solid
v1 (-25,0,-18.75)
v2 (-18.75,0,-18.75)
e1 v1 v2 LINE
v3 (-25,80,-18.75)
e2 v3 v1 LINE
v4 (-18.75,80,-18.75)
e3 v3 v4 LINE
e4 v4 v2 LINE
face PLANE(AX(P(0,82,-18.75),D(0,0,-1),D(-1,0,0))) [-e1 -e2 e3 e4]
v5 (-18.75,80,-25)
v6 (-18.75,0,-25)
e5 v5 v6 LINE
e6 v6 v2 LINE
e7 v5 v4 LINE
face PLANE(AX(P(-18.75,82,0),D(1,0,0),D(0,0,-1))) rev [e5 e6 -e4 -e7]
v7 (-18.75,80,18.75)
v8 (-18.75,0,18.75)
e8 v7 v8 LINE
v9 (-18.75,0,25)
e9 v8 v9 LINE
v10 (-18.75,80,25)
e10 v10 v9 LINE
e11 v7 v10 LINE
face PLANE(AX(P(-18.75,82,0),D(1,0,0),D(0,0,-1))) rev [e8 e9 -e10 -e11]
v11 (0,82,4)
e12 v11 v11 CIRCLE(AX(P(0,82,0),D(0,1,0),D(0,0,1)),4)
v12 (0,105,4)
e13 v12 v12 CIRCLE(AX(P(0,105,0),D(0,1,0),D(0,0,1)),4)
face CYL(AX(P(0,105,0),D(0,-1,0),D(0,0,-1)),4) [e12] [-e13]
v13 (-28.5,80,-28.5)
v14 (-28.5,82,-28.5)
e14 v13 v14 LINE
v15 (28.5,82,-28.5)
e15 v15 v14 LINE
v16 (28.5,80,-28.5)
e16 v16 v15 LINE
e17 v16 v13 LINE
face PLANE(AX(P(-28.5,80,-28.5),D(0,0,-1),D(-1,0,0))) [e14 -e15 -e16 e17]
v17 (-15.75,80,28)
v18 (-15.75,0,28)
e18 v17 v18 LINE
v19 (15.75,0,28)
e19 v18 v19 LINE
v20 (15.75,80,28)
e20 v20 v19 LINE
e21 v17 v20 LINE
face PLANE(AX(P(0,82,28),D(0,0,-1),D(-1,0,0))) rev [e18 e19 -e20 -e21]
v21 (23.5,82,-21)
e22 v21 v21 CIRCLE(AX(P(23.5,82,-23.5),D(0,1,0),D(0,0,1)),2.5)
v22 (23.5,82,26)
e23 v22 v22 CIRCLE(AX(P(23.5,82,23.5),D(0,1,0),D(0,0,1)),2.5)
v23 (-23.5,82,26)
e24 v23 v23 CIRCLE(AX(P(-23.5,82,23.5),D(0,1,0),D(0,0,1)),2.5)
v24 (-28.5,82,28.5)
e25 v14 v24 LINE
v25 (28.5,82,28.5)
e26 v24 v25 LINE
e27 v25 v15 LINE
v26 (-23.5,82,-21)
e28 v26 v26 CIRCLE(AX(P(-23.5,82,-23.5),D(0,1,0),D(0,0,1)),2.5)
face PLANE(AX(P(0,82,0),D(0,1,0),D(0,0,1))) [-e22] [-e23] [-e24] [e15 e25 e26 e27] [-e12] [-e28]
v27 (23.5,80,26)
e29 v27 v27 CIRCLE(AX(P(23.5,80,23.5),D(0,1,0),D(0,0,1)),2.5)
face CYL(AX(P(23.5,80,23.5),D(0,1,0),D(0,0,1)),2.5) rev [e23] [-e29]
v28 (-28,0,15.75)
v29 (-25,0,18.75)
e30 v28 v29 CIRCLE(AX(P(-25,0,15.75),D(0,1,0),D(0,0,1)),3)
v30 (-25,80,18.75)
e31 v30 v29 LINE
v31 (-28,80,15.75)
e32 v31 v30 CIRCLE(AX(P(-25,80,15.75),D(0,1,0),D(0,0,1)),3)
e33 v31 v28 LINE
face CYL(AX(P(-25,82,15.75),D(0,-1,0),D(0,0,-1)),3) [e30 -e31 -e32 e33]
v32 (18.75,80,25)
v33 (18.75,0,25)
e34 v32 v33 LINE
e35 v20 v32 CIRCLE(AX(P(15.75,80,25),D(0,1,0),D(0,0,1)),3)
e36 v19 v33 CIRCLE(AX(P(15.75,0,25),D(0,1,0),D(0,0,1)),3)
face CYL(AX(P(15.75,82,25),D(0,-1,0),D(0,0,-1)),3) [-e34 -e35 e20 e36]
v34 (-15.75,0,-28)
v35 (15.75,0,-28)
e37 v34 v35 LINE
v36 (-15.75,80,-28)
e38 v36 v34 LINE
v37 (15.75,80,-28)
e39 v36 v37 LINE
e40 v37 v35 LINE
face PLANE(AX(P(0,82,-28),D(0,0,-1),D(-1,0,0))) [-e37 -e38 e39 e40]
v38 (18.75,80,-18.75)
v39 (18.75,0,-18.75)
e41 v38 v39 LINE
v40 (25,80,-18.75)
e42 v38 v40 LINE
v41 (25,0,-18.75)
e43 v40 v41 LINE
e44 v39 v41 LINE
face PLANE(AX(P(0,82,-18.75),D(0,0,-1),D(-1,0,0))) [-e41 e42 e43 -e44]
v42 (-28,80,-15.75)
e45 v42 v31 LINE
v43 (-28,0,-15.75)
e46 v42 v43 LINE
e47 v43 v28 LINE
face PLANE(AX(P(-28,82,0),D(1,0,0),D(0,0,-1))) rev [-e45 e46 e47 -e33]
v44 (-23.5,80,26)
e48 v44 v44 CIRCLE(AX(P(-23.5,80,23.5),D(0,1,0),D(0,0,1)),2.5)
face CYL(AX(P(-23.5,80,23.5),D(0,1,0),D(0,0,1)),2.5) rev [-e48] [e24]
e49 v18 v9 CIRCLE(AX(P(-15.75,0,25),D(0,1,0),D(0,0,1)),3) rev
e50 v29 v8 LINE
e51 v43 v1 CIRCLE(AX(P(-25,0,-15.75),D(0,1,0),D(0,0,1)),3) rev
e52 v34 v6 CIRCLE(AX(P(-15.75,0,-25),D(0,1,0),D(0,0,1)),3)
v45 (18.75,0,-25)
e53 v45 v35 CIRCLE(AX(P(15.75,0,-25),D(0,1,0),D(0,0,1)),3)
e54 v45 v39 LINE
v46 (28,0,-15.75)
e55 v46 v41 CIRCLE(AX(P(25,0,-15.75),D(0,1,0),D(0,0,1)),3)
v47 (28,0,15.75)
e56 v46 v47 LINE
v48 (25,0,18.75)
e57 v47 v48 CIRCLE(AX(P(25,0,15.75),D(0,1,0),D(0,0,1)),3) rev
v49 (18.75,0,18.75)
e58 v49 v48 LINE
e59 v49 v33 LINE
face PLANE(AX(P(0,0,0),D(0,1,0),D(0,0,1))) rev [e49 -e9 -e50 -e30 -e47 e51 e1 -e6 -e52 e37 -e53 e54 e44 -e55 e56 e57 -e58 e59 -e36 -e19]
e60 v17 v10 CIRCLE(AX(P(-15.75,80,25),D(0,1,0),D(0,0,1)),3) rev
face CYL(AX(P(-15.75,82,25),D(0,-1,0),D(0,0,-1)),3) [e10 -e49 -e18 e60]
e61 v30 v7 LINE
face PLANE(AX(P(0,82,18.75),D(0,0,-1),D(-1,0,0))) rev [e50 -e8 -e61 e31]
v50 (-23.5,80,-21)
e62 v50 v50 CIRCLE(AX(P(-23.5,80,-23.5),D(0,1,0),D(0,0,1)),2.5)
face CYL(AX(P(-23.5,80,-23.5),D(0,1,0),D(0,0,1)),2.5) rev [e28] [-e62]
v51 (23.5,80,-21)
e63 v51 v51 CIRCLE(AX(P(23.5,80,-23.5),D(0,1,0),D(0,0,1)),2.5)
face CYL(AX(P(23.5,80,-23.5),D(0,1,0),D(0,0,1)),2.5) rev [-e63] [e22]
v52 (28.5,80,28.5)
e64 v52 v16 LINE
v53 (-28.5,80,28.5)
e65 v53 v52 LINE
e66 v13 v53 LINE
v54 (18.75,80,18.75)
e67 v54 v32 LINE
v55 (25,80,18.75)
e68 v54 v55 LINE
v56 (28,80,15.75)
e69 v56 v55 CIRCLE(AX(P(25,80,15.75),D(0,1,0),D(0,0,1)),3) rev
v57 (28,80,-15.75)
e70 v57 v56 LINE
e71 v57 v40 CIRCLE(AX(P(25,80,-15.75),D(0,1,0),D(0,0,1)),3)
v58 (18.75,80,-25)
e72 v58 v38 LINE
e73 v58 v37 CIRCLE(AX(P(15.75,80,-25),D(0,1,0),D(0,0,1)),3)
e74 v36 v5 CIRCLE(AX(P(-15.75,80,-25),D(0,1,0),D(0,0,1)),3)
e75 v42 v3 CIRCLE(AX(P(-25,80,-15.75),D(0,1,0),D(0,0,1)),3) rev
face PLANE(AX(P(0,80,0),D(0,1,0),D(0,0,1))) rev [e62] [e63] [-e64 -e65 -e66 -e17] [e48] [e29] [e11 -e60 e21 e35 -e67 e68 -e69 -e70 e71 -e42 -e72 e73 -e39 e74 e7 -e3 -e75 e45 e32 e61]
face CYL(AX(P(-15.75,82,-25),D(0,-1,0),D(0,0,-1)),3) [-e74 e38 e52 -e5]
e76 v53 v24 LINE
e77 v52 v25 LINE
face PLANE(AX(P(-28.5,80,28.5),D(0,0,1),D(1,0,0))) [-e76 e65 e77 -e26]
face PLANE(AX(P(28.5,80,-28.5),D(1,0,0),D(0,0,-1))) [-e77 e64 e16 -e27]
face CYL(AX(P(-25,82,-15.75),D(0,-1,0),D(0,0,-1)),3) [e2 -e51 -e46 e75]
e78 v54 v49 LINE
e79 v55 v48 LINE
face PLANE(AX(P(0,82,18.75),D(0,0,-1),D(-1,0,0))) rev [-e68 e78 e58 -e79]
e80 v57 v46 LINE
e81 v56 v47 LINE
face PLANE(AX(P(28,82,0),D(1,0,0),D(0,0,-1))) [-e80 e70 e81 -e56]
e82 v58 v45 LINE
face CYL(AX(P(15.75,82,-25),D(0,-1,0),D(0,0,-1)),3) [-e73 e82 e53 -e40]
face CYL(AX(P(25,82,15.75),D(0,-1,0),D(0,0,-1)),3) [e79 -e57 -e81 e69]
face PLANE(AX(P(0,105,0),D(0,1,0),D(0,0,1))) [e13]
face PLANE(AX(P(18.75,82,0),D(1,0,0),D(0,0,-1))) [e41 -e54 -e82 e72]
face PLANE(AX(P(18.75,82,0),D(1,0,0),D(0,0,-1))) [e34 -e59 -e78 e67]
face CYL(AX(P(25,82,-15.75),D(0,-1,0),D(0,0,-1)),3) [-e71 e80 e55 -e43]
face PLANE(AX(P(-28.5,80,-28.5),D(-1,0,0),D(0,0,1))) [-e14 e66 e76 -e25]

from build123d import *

# Parameters (mm, degrees)
SKETCH_1_W          = 37.5
SKETCH_1_H          = 37.5
EXTRUDE_1_DEPTH     = 82
SKETCH_2_W          = 57
SKETCH_2_H          = 57
EXTRUDE_2_DEPTH     = 2
SKETCH_3_R          = 2.5
CUT_EXTRUDE_1_DEPTH = 2
SKETCH_4_R          = 4
EXTRUDE_3_DEPTH     = 23


with BuildPart() as part:
    # 草图1 → 凸台-拉伸1 (new body)
    with BuildSketch(Plane(origin=(0, 0, 0), x_dir=(1, 0, 0), z_dir=(0, 1, 0))):
        with BuildLine():
            Line((-18.75, 18.75), (-25, 18.75))
            ThreePointArc((-25, 18.75), (-27.121320344, 17.871320344), (-28, 15.75))
            Line((-28, 15.75), (-28, -15.75))
            ThreePointArc((-28, -15.75), (-27.121320344, -17.871320344), (-25, -18.75))
            Line((-25, -18.75), (-18.75, -18.75))
            Line((-18.75, -18.75), (-18.75, 18.75))
        make_face()
        Rectangle(SKETCH_1_W, SKETCH_1_H)
        with BuildLine():
            Line((25, 18.75), (18.75, 18.75))
            Line((18.75, 18.75), (18.75, -18.75))
            Line((18.75, -18.75), (25, -18.75))
            ThreePointArc((25, -18.75), (27.121320344, -17.871320344), (28, -15.75))
            Line((28, -15.75), (28, 15.75))
            ThreePointArc((28, 15.75), (27.121320344, 17.871320344), (25, 18.75))
        make_face()
        with BuildLine():
            Line((18.75, -18.75), (-18.75, -18.75))
            Line((-18.75, -18.75), (-18.75, -25))
            ThreePointArc((-18.75, -25), (-17.871320344, -27.121320344), (-15.75, -28))
            Line((-15.75, -28), (15.75, -28))
            ThreePointArc((15.75, -28), (17.871320344, -27.121320344), (18.75, -25))
            Line((18.75, -25), (18.75, -18.75))
        make_face()
        with BuildLine():
            Line((-18.75, 25), (-18.75, 18.75))
            Line((-18.75, 18.75), (18.75, 18.75))
            Line((18.75, 18.75), (18.75, 25))
            ThreePointArc((18.75, 25), (17.871320344, 27.121320344), (15.75, 28))
            Line((15.75, 28), (-15.75, 28))
            ThreePointArc((-15.75, 28), (-17.871320344, 27.121320344), (-18.75, 25))
        make_face()
    extrude(amount=EXTRUDE_1_DEPTH)

    # 草图2 → 凸台-拉伸2 (add)
    with BuildSketch(Plane(origin=(0, 82, 0), x_dir=(1, 0, 0), z_dir=(0, 1, 0))):
        Rectangle(SKETCH_2_W, SKETCH_2_H)
    extrude(amount=-EXTRUDE_2_DEPTH)

    # 草图3 → 切除-拉伸1 (cut)
    with BuildSketch(Plane(origin=(0, 82, 0), x_dir=(1, 0, 0), z_dir=(0, 1, 0))):
        with Locations((23.5, 23.5)):
            Circle(SKETCH_3_R)
        with Locations((-23.5, 23.5)):
            Circle(SKETCH_3_R)
        with Locations((-23.5, -23.5)):
            Circle(SKETCH_3_R)
        with Locations((23.5, -23.5)):
            Circle(SKETCH_3_R)
    extrude(amount=-CUT_EXTRUDE_1_DEPTH, mode=Mode.SUBTRACT)

    # 草图4 → 凸台-拉伸3 (add)
    with BuildSketch(Plane(origin=(0, 82, 0), x_dir=(1, 0, 0), z_dir=(0, 1, 0))):
        Circle(SKETCH_4_R)
    extrude(amount=EXTRUDE_3_DEPTH)


solid = part.part
